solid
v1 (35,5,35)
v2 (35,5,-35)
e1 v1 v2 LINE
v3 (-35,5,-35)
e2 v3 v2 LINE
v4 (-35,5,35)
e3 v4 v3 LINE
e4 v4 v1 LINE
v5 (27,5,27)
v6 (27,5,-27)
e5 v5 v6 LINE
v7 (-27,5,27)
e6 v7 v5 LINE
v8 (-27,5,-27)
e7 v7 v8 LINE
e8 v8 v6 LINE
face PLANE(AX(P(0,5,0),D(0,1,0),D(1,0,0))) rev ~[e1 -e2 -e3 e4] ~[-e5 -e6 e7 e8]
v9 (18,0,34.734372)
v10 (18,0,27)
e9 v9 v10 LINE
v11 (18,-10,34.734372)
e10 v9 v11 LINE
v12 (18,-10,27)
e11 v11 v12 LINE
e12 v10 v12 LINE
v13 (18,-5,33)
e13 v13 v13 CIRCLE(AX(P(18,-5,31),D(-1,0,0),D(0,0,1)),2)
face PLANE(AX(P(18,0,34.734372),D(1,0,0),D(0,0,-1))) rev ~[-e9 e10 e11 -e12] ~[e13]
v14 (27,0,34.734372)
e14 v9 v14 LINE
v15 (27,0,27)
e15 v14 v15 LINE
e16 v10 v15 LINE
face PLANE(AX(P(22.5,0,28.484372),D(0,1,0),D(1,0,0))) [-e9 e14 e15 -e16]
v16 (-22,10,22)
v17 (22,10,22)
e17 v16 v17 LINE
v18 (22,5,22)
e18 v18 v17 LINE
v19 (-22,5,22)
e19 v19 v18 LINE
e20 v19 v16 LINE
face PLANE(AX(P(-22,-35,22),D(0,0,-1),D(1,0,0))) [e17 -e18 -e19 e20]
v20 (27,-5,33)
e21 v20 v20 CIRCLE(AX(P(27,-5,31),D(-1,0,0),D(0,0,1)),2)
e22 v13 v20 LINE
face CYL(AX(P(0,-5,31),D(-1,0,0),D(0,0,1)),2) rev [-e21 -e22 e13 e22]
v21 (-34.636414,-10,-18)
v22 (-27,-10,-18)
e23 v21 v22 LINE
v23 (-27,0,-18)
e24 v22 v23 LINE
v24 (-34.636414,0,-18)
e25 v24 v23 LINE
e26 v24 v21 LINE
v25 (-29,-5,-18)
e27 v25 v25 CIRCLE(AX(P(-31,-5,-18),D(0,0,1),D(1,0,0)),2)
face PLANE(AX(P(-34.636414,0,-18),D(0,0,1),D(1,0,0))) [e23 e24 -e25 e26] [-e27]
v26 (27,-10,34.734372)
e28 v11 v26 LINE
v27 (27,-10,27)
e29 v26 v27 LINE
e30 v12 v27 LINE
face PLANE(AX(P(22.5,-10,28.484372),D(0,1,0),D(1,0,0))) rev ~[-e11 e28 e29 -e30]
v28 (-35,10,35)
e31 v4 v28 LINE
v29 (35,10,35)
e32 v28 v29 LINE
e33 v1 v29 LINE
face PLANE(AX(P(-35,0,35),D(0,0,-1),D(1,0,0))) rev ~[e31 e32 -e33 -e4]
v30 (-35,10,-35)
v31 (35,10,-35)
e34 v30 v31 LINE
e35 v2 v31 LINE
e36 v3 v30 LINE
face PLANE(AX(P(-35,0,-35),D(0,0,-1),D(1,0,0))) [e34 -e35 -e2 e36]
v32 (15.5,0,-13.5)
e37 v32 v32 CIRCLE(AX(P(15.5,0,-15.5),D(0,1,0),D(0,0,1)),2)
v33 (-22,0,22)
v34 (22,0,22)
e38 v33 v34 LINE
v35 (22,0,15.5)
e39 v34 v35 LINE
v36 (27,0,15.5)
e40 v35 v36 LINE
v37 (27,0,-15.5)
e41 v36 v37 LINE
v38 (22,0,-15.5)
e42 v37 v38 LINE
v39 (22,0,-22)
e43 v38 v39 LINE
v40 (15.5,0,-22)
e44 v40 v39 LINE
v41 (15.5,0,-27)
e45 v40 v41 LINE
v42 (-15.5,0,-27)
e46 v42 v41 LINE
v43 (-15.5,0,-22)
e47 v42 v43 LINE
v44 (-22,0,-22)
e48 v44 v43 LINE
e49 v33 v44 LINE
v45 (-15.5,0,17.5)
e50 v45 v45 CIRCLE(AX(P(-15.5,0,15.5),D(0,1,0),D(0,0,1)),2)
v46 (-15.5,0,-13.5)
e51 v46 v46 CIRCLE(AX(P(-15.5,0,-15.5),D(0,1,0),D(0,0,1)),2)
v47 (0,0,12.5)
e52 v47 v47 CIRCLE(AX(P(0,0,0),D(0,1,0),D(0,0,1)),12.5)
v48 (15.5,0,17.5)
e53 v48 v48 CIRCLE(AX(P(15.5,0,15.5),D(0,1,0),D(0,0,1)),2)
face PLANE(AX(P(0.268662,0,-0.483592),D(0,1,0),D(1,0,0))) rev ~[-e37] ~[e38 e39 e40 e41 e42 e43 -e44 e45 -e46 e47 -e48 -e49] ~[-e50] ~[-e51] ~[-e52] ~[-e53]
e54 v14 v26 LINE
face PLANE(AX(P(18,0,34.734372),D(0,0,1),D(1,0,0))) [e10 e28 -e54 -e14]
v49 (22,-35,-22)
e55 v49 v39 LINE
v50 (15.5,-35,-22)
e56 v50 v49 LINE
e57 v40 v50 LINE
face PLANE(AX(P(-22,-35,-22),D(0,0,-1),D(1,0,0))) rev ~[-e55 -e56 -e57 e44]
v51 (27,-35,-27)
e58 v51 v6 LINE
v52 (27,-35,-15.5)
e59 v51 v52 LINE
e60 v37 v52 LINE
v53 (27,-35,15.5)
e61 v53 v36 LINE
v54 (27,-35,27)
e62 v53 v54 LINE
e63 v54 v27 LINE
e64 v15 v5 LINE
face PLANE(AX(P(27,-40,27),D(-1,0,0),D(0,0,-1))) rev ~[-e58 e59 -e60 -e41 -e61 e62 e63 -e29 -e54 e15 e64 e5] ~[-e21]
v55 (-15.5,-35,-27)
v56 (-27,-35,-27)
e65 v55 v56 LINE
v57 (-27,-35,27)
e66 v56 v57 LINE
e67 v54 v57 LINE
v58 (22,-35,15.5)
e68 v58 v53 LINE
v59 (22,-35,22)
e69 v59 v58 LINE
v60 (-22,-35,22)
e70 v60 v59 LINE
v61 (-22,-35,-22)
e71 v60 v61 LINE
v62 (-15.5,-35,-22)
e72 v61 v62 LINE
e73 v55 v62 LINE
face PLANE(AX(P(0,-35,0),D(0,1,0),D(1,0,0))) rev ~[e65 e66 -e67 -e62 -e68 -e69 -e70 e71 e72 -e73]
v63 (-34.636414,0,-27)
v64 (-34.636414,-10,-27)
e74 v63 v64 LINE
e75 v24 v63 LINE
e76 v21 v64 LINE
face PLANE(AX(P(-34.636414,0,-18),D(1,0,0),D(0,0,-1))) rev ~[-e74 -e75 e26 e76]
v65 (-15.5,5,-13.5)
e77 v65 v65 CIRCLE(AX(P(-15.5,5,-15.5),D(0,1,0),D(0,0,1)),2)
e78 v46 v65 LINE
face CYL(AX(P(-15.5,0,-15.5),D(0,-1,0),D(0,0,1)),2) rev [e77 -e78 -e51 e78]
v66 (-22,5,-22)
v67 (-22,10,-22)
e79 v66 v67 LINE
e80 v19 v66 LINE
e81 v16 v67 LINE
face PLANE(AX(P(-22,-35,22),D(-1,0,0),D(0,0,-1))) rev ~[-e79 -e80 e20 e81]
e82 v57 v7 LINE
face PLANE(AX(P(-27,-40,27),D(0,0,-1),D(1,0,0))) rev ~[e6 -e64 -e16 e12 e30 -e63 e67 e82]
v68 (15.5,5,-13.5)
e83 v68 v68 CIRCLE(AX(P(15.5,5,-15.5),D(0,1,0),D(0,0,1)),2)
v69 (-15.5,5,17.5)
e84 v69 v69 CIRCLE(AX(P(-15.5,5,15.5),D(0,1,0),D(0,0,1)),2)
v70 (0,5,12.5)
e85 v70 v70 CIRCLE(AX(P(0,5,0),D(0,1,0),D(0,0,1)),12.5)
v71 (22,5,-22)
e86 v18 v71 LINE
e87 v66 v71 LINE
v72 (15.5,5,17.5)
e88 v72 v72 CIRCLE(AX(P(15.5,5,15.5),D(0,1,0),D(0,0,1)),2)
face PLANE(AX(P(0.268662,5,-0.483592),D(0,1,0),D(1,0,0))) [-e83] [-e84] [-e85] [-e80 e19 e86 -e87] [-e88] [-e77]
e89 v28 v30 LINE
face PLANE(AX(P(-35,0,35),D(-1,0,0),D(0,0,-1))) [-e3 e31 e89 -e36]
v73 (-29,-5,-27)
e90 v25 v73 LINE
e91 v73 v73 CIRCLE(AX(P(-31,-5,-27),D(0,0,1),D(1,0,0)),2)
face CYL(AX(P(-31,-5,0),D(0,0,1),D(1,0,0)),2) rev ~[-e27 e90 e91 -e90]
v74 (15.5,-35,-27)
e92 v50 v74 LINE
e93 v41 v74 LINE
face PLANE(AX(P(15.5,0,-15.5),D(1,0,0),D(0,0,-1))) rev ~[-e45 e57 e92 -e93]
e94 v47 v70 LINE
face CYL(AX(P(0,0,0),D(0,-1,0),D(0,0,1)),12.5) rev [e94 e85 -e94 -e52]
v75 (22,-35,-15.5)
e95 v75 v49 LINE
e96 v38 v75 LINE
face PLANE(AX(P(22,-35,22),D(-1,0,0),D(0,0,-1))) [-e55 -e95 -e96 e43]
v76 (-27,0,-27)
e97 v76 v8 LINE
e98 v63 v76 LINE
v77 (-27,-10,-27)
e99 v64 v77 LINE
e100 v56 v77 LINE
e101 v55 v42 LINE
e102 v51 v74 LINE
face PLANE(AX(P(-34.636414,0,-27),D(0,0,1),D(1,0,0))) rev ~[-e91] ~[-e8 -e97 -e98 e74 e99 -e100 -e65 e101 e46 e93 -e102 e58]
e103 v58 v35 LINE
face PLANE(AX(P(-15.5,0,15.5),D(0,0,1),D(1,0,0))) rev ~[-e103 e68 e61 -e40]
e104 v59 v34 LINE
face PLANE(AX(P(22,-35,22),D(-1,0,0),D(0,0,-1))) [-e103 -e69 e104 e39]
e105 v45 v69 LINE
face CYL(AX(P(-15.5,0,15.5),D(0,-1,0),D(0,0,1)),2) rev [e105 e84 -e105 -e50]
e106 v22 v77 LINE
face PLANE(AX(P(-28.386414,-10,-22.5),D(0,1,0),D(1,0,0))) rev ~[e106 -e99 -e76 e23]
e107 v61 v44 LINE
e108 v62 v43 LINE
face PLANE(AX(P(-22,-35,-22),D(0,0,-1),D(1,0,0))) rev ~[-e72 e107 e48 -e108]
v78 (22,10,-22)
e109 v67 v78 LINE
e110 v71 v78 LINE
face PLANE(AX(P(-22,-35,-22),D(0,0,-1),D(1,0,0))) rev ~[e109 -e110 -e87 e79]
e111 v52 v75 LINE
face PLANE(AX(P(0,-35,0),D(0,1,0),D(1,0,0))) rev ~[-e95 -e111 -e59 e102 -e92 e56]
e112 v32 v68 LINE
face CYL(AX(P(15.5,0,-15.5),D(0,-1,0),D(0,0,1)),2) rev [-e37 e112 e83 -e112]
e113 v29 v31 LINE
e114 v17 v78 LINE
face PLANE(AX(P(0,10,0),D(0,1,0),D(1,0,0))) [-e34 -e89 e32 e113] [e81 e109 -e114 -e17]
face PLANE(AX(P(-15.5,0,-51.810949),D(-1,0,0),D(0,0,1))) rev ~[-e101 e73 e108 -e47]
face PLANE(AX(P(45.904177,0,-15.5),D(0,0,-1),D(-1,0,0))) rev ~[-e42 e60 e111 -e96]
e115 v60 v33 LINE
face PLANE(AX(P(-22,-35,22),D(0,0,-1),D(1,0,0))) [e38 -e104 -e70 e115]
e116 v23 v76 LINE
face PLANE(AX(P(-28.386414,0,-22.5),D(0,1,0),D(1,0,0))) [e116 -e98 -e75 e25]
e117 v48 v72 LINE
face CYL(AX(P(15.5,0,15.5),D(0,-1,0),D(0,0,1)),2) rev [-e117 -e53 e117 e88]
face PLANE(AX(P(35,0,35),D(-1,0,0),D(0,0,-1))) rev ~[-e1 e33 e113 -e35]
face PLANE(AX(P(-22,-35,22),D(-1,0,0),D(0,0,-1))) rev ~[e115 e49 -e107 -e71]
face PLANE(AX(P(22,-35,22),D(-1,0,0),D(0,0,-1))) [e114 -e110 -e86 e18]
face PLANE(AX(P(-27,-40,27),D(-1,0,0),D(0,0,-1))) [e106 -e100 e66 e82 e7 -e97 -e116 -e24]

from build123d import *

# Parameters (mm, degrees)
EXTRUDE_1_DEPTH          = 10
EXTRUDE_1_DEPTH_BACK     = 35
SKETCH_1_W               = 56
SKETCH_1_H               = 56
SKETCH_1_W_2             = 44
SKETCH_1_H_2             = 44
SKETCH_3_W               = 70
SKETCH_3_H               = 70
SKETCH_3_W_2             = 54
SKETCH_3_H_2             = 54
EXTRUDE_2_DEPTH          = 10
CUT_EXTRUDE_1_DEPTH      = 5
CUT_EXTRUDE_1_DEPTH_BACK = 40
SKETCH_3_2_W             = 70
SKETCH_3_2_H             = 70
SKETCH_3_2_W_2           = 54
SKETCH_3_2_H_2           = 54
SKETCH_4_W               = 47.606985224
SKETCH_4_H               = 48.466705047
SKETCH_4_R               = 12.5
SKETCH_4_R_2             = 2
EXTRUDE_3_DEPTH          = 5
CUT_EXTRUDE_2_DEPTH      = 50
SKETCH_6_W               = 12.5
SKETCH_6_H               = 9
SKETCH_6_W_2             = 9
SKETCH_6_H_2             = 12.5
EXTRUDE_4_DEPTH          = 10
SKETCH_7_R               = 2
CUT_EXTRUDE_3_DEPTH      = 1000
SKETCH_8_R               = 2
CUT_EXTRUDE_4_DEPTH      = 1000


with BuildPart() as part:
    # Эскиз1 → Бобышка-Вытянуть1 (new, two sides: drawn at the far end of the back side and taken through both)
    with BuildSketch(Plane(origin=(0, 0, 0), x_dir=(1, 0, 0), z_dir=(0, 1, 0)).offset(-EXTRUDE_1_DEPTH_BACK)):
        Rectangle(SKETCH_1_W, SKETCH_1_H)
        Rectangle(SKETCH_1_W_2, SKETCH_1_H_2, mode=Mode.SUBTRACT)
    extrude(amount=EXTRUDE_1_DEPTH + EXTRUDE_1_DEPTH_BACK)

    # Эскиз3 → Бобышка-Вытянуть2 (add)
    with BuildSketch(Plane(origin=(0, 0, 0), x_dir=(1, 0, 0), z_dir=(0, 1, 0))):
        Rectangle(SKETCH_3_W, SKETCH_3_H)
        Rectangle(SKETCH_3_W_2, SKETCH_3_H_2, mode=Mode.SUBTRACT)
    extrude(amount=EXTRUDE_2_DEPTH)

    # Эскиз3<2> → Вырез-Вытянуть1 (cut, two sides: drawn at the far end of the back side and taken through both)
    with BuildSketch(Plane(origin=(0, 0, 0), x_dir=(1, 0, 0), z_dir=(0, 1, 0)).offset(-CUT_EXTRUDE_1_DEPTH_BACK)):
        Rectangle(SKETCH_3_2_W, SKETCH_3_2_H)
        Rectangle(SKETCH_3_2_W_2, SKETCH_3_2_H_2, mode=Mode.SUBTRACT)
    extrude(amount=CUT_EXTRUDE_1_DEPTH + CUT_EXTRUDE_1_DEPTH_BACK, mode=Mode.SUBTRACT)

    # Эскиз4 → Бобышка-Вытянуть3 (add)
    with BuildSketch(Plane(origin=(0, 0, 0), x_dir=(1, 0, 0), z_dir=(0, 1, 0))):
        with Locations((0.268662445, 0.4835924)):
            Rectangle(SKETCH_4_W, SKETCH_4_H)
        Circle(SKETCH_4_R, mode=Mode.SUBTRACT)
        with Locations((-15.5, 15.5)):
            Circle(SKETCH_4_R_2, mode=Mode.SUBTRACT)
        with Locations((-15.5, -15.5)):
            Circle(SKETCH_4_R_2, mode=Mode.SUBTRACT)
        with Locations((15.5, -15.5)):
            Circle(SKETCH_4_R_2, mode=Mode.SUBTRACT)
        with Locations((15.5, 15.5)):
            Circle(SKETCH_4_R_2, mode=Mode.SUBTRACT)
    extrude(amount=EXTRUDE_3_DEPTH)

    # Эскиз5 → Вырез-Вытянуть2 (cut)
    with BuildSketch(Plane(origin=(0, 0, 0), x_dir=(1, 0, 0), z_dir=(0, 1, 0))):
        Polygon((-15.5, -15.5), (45.904177047, -15.5), (45.904177047, 15.5), (15.5, 15.5), (15.5, 51.810948834), (-15.5, 51.810948834), align=None)
    extrude(amount=-CUT_EXTRUDE_2_DEPTH, mode=Mode.SUBTRACT)

    # Эскиз6 → Бобышка-Вытянуть4 (add)
    with BuildSketch(Plane(origin=(0, 0, 0), x_dir=(1, 0, 0), z_dir=(0, 1, 0))):
        with Locations((-28.3864137, 22.5)):
            Rectangle(SKETCH_6_W, SKETCH_6_H)
        with Locations((22.5, -28.484371776)):
            Rectangle(SKETCH_6_W_2, SKETCH_6_H_2)
    extrude(amount=-EXTRUDE_4_DEPTH)

    # Эскиз7 → Вырез-Вытянуть3 (cut)
    with BuildSketch(Plane(origin=(0, 0, 0), x_dir=(0, 0, -1), z_dir=(1, 0, 0))):
        with Locations((-31, -5)):
            Circle(SKETCH_7_R)
    extrude(amount=CUT_EXTRUDE_3_DEPTH, mode=Mode.SUBTRACT)

    # Эскиз8 → Вырез-Вытянуть4 (cut)
    with BuildSketch(Plane.XY):
        with Locations((-31, -5)):
            Circle(SKETCH_8_R)
    extrude(amount=-CUT_EXTRUDE_4_DEPTH, mode=Mode.SUBTRACT)


solid = part.part
